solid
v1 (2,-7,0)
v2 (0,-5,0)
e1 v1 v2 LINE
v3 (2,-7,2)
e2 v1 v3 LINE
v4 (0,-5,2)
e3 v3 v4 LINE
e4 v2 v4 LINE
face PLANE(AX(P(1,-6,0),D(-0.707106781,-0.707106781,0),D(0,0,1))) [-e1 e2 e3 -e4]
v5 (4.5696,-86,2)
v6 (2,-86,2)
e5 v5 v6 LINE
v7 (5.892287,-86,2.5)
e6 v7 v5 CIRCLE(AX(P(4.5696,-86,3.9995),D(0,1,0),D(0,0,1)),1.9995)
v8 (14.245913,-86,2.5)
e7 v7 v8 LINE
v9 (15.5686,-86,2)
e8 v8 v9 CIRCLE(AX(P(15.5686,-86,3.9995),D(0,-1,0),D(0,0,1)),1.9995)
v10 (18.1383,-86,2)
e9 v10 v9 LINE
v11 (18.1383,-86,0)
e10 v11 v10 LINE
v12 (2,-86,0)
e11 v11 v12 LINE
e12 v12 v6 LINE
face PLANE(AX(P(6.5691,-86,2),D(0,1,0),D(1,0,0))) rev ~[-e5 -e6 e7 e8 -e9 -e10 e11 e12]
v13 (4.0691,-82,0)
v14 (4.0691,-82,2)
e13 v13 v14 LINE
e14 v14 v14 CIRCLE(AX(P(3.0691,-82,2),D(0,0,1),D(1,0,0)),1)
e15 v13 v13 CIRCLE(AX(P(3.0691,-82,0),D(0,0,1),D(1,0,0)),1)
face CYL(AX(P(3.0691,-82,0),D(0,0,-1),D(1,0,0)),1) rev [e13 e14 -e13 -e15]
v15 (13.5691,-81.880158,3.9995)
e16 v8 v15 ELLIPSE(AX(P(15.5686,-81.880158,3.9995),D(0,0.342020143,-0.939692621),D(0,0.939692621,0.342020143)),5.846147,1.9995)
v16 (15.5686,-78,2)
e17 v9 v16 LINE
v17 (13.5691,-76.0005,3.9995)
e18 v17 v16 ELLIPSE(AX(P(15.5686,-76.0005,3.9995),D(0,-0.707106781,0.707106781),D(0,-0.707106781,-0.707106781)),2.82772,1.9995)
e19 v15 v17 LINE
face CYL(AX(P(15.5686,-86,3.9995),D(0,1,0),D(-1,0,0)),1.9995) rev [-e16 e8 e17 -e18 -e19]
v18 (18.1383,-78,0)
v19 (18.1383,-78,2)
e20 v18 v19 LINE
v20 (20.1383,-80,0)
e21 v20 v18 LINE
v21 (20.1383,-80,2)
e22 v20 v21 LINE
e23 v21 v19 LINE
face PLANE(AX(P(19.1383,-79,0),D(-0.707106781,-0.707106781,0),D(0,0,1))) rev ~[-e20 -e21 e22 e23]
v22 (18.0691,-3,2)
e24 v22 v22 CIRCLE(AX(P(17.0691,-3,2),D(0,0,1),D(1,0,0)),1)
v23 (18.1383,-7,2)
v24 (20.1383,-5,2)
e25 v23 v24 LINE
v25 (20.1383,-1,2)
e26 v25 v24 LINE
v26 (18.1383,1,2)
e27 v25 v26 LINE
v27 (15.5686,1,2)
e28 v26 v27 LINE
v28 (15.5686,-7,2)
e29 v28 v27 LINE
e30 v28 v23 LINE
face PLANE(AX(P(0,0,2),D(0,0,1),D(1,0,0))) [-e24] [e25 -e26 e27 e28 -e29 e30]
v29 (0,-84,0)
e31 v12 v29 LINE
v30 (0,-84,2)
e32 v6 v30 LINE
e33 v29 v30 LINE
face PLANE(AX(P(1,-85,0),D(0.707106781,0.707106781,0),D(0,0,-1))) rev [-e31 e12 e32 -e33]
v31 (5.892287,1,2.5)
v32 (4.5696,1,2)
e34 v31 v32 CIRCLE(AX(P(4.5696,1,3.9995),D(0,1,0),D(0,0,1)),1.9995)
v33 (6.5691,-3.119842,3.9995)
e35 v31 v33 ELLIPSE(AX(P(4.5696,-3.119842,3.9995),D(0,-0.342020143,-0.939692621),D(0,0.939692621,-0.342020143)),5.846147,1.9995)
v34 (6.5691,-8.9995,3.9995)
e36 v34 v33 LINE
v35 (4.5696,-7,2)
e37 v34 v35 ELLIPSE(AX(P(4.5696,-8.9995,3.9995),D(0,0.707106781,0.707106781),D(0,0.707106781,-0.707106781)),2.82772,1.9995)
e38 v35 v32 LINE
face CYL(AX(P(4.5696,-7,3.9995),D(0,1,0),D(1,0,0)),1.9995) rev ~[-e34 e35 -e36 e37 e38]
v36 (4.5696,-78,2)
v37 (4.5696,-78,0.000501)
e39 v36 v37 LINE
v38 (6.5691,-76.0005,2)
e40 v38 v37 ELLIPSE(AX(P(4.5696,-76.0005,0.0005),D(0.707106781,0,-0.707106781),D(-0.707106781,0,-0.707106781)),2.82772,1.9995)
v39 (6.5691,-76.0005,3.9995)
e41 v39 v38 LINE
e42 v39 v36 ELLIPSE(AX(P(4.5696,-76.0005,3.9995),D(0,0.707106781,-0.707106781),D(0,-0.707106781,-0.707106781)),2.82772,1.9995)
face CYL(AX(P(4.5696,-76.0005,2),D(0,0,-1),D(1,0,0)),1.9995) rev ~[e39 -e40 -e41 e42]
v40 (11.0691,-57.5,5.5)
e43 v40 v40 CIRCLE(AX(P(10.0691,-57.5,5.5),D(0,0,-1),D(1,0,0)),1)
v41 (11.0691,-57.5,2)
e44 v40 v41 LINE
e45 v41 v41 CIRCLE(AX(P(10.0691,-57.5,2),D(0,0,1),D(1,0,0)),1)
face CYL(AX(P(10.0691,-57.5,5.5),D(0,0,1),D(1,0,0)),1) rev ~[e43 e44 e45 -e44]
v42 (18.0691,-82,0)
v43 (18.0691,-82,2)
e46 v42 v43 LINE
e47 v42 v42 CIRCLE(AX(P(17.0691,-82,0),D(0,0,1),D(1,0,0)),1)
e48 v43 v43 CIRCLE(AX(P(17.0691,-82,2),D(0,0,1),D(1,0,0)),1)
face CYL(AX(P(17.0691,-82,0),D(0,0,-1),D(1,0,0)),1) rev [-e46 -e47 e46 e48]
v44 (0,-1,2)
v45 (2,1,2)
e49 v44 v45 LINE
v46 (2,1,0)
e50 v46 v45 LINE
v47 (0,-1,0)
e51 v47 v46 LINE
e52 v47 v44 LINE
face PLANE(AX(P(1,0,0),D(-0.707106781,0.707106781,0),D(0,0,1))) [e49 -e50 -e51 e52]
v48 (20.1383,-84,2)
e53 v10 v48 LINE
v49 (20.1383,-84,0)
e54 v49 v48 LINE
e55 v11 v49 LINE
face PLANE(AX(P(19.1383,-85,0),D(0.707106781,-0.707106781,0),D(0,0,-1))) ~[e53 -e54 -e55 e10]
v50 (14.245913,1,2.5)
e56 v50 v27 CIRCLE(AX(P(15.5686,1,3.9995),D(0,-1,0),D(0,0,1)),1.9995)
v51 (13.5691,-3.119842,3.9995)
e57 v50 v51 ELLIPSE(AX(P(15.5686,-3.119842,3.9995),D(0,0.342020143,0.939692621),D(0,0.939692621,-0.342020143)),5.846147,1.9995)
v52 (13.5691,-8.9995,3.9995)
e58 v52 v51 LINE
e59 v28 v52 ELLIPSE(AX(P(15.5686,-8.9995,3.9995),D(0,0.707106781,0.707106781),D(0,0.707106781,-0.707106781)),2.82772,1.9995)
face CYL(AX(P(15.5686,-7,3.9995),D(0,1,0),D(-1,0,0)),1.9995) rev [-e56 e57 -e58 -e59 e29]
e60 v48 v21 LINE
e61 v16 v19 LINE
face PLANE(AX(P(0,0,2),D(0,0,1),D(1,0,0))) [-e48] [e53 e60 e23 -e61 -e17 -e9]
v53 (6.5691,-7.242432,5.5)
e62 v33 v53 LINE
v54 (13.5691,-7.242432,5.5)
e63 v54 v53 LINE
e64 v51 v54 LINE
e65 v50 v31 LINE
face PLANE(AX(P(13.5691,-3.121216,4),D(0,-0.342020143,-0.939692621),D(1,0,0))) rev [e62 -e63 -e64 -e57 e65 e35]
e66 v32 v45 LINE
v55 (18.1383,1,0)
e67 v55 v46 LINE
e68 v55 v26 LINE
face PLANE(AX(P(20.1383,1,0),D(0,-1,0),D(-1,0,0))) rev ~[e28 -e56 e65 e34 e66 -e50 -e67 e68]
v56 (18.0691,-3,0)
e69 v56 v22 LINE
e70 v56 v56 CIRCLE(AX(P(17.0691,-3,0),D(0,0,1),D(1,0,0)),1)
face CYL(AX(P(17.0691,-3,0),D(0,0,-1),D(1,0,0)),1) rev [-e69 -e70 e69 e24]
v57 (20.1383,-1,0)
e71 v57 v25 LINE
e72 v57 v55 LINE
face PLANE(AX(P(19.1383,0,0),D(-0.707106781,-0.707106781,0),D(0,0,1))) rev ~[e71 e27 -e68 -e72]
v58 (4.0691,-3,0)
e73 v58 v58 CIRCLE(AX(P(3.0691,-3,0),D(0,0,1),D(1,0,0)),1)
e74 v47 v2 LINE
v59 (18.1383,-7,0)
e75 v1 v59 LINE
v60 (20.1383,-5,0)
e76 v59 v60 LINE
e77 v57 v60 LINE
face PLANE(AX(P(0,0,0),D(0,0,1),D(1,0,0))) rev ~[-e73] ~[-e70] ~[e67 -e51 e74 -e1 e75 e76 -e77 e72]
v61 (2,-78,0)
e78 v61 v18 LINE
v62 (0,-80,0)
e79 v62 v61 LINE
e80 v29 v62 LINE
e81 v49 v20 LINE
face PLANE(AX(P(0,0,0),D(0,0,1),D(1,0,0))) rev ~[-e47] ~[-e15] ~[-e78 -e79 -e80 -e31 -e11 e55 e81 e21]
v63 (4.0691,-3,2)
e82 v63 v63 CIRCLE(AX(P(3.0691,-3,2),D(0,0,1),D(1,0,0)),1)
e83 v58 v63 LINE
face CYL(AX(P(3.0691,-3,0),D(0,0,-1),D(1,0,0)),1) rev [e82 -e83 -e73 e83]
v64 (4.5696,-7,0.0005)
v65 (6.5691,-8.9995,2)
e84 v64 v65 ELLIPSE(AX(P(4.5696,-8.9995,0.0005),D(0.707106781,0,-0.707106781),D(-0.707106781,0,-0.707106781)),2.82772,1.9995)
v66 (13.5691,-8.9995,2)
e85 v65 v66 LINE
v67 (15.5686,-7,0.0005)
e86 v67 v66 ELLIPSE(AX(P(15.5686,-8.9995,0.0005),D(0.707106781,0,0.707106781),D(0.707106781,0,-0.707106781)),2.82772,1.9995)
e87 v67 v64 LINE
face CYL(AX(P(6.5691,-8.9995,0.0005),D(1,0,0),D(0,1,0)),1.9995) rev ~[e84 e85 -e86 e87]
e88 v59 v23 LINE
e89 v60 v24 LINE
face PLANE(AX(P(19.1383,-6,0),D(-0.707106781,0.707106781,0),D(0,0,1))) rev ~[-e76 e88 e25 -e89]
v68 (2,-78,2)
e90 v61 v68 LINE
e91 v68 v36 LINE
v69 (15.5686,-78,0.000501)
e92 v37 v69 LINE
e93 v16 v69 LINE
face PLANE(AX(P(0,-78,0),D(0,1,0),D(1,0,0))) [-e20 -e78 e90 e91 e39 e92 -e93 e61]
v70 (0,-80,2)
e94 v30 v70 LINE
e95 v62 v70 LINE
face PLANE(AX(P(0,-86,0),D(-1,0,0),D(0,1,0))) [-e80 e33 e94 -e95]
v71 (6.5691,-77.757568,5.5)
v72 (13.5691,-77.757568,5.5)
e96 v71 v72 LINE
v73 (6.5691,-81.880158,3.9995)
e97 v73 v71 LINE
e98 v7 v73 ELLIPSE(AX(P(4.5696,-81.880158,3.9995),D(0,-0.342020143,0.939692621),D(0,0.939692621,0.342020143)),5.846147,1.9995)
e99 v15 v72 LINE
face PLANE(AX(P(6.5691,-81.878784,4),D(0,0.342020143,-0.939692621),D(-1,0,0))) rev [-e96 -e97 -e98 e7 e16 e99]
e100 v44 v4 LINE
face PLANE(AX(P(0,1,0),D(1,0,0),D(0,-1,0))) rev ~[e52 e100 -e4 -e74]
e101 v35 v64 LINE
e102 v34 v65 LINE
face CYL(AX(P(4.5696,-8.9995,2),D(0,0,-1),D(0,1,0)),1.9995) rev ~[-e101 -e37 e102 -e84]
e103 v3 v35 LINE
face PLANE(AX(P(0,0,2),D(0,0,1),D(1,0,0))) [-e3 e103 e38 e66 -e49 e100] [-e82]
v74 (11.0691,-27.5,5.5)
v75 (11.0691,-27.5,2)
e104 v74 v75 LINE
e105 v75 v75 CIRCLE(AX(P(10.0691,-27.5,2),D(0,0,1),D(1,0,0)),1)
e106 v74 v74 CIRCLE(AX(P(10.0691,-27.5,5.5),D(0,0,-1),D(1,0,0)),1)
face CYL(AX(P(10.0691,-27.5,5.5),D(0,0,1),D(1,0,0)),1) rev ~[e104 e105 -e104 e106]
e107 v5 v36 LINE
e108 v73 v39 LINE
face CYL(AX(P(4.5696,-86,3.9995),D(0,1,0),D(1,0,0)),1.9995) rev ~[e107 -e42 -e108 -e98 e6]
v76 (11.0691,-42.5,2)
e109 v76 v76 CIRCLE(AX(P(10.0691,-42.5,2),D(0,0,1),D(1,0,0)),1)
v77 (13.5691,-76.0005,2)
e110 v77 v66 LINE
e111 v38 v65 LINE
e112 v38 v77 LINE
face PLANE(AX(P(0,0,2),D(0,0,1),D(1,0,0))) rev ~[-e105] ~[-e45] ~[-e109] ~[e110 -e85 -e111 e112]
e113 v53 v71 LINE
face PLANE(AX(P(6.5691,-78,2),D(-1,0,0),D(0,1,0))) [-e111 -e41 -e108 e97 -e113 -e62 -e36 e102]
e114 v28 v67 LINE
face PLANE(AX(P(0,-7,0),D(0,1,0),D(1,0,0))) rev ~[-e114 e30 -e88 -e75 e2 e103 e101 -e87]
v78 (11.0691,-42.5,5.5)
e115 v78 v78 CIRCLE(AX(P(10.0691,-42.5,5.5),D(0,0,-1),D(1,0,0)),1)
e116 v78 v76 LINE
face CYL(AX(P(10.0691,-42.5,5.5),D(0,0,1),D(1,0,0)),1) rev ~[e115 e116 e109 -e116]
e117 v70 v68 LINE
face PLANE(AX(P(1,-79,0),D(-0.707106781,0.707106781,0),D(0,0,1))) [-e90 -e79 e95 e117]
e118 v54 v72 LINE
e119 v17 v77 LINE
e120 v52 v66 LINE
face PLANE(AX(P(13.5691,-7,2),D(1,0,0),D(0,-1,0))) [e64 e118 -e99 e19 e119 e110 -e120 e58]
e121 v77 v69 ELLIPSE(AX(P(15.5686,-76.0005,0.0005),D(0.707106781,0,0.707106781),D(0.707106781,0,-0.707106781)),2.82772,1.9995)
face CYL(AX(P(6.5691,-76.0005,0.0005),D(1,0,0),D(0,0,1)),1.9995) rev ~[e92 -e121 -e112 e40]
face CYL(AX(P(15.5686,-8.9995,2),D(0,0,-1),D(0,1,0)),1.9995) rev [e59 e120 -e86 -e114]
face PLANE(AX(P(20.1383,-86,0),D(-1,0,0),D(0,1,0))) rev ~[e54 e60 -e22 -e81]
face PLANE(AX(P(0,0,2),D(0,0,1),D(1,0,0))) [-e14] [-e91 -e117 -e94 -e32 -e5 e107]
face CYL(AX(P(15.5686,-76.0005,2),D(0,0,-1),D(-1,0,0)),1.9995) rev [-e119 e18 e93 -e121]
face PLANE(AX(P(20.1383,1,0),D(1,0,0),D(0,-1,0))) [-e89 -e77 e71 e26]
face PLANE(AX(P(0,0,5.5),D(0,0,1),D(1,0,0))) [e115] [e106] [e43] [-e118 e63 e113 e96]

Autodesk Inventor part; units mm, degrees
ref_plane "YZ Plane" through (0, 0, 0) normal (1, 0, 0) x (0, 1, 0)
ref_plane "XZ Plane" through (0, 0, 0) normal (0, 1, 0) x (-1, 0, 0)
ref_plane "XY Plane" through (0, 0, 0) normal (0, 0, 1) x (1, 0, 0)
sketch "Sketch1" plane through (0, 0, 0) normal (0, 0, 1) x (1, 0, 0)
  circle A0 centre (17.0691, -3) radius 1.6 projected
  circle A1 centre (3.0691, -3) radius 1.6 projected
  line L0 (20.1383, 1) -> (0, 1) projected
  line L1 (0, 1) -> (0, -7) projected
  line L2 (0, -7) -> (20.1383, -7) projected
  line L3 (20.1383, 1) -> (20.1383, -7) projected
  circle A2 centre (17.0691, -82) radius 1.6 projected
  circle A3 centre (3.0691, -82) radius 1.6 projected
  line L4 (20.1383, -86) -> (0, -86) projected
  line L5 (20.1383, -86) -> (20.1383, -78) projected
  line L6 (0, -78) -> (20.1383, -78) projected
  line L7 (0, -86) -> (0, -78) projected
  circle A4 centre (3.0691, -3) radius 1
  circle A5 centre (17.0691, -3) radius 1
  circle A6 centre (3.0691, -82) radius 1
  circle A7 centre (17.0691, -82) radius 1
  point P0 (0, 0)
  dimension "d0" = 2
  dimension "d1" = 2
  dimension "d2" = 2
  dimension "d3" = 2
extrude "Extrusion1" add sketch "Sketch1" along normal blind 2 contours A0 | A1 | L3 L2 L1 L0 | A2 | A3 | L4 L7 L6 L5
sketch "Sketch2" plane through (0, 0, 2) normal (0, 0, 1) x (1, 0, 0)
  line L0 (20.1383, -7) -> (20.1383, 1) projected
  line L1 (20.1383, 1) -> (0, 1) projected
  line L2 (0, 1) -> (0, -7) projected
  line L3 (0, -7) -> (20.1383, -7) projected
  circle A0 centre (17.0691, -3) radius 1 projected
  circle A1 centre (3.0691, -3) radius 1 projected
  line L4 (20.1383, -86) -> (20.1383, -78) projected
  line L5 (20.1383, -78) -> (0, -78) projected
  line L6 (0, -78) -> (0, -86) projected
  line L7 (0, -86) -> (20.1383, -86) projected
  circle A2 centre (17.0691, -82) radius 1 projected
  circle A3 centre (3.0691, -82) radius 1 projected
  circle A4 centre (3.0691, -3) radius 1 projected
  line L8 (3.0691, -3) -> (17.0691, -3)
  line L9 (3.0691, -82) -> (17.0691, -82)
  line L10 (10.0691, -82) -> (10.0691, -3)
  line L11 (6.5691, 1) -> (13.5691, 1)
  line L12 (13.5691, 1) -> (13.5691, -86)
  line L13 (13.5691, -86) -> (6.5691, -86)
  line L14 (6.5691, -86) -> (6.5691, 1)
  line L15 (6.5691, 1) -> (13.5691, -86) construction
  line L16 (13.5691, 1) -> (6.5691, -86) construction
  point P0 (0, 0)
  point P1 (10.0691, -42.5)
  dimension "d6" = 7
  dimension "d7" = 87
extrude "Extrusion2" add sketch "Sketch2" along normal blind 3.5 contours L12 L5 L10 L3 | L3 L10 L8 L12 | L12 L8 L14 L1 | L10 L5 L14 L3 | L3 L14 L8 L10 | L12 L9 L10 L5 | L10 L9 L14 L5 | L12 L7 L14 L9
fillet "Fillet1" radius 2 2 edges at (10.0691, -7, 2) (10.0691, -78, 2)
fillet "Fillet2" radius 2 8 edges at (13.5691, -7, 1.0003) (13.5691, -3, 2) (6.5691, -3, 2) (6.5691, -7, 1.0003) (6.5691, -78, 1.0003) (6.5691, -82, 2) (13.5691, -78, 1.0003) (13.5691, -82, 2)
chamfer "Chamfer1" distance 2 angle 45 8 edges at (20.1383, -86, 1) (20.1383, -78, 1) (0, -86, 1) (0, -78, 1) (20.1383, -7, 1) (20.1383, 1, 1) (0, -7, 1) (0, 1, 1)
chamfer "Chamfer2" distance 3 angle 70 1 edges at (10.0691, -86, 5.5) measured on face at (11.6131, -86, 0.7327)
chamfer "Chamfer3" distance 3 angle 70 1 edges at (10.0691, 1, 5.5) measured on face at (11.6131, 1, 0.7327)
sketch "Sketch3" plane through (0, 0, 5.5) normal (0, 0, 1) x (1, 0, 0)
  line L0 (6.5691, -7.2424) -> (13.5691, -7.2424) projected
  line L1 (6.5691, -7.2424) -> (6.5691, -77.7576) projected
  line L2 (13.5691, -77.7576) -> (6.5691, -77.7576) projected
  line L3 (13.5691, -77.7576) -> (13.5691, -7.2424) projected
  line L4 (13.5691, -77.7576) -> (6.5691, -77.7576) projected
  line L5 (10.0691, -77.7576) -> (10.0691, -7.2424)
  circle A0 centre (10.0691, -42.5) radius 1
  line L6 (10.0691, -42.5) -> (10.0691, -27.5)
  circle A1 centre (10.0691, -27.5) radius 1
  line L7 (10.0691, -42.5) -> (10.0691, -57.5)
  circle A2 centre (10.0691, -57.5) radius 1
  point P0 (0, 0)
  dimension "d21" = 2
  dimension "d22" = 15
  dimension "d23" = 2
  dimension "d24" = 15
  dimension "d25" = 2
extrude "Extrusion3" cut sketch "Sketch3" against normal blind 3.5 contours A1 L5 | L5 A1 | A2 L5 | L5 A2 | A0 L5 | L5 A0
properties part number "en_shell_1_wid"
